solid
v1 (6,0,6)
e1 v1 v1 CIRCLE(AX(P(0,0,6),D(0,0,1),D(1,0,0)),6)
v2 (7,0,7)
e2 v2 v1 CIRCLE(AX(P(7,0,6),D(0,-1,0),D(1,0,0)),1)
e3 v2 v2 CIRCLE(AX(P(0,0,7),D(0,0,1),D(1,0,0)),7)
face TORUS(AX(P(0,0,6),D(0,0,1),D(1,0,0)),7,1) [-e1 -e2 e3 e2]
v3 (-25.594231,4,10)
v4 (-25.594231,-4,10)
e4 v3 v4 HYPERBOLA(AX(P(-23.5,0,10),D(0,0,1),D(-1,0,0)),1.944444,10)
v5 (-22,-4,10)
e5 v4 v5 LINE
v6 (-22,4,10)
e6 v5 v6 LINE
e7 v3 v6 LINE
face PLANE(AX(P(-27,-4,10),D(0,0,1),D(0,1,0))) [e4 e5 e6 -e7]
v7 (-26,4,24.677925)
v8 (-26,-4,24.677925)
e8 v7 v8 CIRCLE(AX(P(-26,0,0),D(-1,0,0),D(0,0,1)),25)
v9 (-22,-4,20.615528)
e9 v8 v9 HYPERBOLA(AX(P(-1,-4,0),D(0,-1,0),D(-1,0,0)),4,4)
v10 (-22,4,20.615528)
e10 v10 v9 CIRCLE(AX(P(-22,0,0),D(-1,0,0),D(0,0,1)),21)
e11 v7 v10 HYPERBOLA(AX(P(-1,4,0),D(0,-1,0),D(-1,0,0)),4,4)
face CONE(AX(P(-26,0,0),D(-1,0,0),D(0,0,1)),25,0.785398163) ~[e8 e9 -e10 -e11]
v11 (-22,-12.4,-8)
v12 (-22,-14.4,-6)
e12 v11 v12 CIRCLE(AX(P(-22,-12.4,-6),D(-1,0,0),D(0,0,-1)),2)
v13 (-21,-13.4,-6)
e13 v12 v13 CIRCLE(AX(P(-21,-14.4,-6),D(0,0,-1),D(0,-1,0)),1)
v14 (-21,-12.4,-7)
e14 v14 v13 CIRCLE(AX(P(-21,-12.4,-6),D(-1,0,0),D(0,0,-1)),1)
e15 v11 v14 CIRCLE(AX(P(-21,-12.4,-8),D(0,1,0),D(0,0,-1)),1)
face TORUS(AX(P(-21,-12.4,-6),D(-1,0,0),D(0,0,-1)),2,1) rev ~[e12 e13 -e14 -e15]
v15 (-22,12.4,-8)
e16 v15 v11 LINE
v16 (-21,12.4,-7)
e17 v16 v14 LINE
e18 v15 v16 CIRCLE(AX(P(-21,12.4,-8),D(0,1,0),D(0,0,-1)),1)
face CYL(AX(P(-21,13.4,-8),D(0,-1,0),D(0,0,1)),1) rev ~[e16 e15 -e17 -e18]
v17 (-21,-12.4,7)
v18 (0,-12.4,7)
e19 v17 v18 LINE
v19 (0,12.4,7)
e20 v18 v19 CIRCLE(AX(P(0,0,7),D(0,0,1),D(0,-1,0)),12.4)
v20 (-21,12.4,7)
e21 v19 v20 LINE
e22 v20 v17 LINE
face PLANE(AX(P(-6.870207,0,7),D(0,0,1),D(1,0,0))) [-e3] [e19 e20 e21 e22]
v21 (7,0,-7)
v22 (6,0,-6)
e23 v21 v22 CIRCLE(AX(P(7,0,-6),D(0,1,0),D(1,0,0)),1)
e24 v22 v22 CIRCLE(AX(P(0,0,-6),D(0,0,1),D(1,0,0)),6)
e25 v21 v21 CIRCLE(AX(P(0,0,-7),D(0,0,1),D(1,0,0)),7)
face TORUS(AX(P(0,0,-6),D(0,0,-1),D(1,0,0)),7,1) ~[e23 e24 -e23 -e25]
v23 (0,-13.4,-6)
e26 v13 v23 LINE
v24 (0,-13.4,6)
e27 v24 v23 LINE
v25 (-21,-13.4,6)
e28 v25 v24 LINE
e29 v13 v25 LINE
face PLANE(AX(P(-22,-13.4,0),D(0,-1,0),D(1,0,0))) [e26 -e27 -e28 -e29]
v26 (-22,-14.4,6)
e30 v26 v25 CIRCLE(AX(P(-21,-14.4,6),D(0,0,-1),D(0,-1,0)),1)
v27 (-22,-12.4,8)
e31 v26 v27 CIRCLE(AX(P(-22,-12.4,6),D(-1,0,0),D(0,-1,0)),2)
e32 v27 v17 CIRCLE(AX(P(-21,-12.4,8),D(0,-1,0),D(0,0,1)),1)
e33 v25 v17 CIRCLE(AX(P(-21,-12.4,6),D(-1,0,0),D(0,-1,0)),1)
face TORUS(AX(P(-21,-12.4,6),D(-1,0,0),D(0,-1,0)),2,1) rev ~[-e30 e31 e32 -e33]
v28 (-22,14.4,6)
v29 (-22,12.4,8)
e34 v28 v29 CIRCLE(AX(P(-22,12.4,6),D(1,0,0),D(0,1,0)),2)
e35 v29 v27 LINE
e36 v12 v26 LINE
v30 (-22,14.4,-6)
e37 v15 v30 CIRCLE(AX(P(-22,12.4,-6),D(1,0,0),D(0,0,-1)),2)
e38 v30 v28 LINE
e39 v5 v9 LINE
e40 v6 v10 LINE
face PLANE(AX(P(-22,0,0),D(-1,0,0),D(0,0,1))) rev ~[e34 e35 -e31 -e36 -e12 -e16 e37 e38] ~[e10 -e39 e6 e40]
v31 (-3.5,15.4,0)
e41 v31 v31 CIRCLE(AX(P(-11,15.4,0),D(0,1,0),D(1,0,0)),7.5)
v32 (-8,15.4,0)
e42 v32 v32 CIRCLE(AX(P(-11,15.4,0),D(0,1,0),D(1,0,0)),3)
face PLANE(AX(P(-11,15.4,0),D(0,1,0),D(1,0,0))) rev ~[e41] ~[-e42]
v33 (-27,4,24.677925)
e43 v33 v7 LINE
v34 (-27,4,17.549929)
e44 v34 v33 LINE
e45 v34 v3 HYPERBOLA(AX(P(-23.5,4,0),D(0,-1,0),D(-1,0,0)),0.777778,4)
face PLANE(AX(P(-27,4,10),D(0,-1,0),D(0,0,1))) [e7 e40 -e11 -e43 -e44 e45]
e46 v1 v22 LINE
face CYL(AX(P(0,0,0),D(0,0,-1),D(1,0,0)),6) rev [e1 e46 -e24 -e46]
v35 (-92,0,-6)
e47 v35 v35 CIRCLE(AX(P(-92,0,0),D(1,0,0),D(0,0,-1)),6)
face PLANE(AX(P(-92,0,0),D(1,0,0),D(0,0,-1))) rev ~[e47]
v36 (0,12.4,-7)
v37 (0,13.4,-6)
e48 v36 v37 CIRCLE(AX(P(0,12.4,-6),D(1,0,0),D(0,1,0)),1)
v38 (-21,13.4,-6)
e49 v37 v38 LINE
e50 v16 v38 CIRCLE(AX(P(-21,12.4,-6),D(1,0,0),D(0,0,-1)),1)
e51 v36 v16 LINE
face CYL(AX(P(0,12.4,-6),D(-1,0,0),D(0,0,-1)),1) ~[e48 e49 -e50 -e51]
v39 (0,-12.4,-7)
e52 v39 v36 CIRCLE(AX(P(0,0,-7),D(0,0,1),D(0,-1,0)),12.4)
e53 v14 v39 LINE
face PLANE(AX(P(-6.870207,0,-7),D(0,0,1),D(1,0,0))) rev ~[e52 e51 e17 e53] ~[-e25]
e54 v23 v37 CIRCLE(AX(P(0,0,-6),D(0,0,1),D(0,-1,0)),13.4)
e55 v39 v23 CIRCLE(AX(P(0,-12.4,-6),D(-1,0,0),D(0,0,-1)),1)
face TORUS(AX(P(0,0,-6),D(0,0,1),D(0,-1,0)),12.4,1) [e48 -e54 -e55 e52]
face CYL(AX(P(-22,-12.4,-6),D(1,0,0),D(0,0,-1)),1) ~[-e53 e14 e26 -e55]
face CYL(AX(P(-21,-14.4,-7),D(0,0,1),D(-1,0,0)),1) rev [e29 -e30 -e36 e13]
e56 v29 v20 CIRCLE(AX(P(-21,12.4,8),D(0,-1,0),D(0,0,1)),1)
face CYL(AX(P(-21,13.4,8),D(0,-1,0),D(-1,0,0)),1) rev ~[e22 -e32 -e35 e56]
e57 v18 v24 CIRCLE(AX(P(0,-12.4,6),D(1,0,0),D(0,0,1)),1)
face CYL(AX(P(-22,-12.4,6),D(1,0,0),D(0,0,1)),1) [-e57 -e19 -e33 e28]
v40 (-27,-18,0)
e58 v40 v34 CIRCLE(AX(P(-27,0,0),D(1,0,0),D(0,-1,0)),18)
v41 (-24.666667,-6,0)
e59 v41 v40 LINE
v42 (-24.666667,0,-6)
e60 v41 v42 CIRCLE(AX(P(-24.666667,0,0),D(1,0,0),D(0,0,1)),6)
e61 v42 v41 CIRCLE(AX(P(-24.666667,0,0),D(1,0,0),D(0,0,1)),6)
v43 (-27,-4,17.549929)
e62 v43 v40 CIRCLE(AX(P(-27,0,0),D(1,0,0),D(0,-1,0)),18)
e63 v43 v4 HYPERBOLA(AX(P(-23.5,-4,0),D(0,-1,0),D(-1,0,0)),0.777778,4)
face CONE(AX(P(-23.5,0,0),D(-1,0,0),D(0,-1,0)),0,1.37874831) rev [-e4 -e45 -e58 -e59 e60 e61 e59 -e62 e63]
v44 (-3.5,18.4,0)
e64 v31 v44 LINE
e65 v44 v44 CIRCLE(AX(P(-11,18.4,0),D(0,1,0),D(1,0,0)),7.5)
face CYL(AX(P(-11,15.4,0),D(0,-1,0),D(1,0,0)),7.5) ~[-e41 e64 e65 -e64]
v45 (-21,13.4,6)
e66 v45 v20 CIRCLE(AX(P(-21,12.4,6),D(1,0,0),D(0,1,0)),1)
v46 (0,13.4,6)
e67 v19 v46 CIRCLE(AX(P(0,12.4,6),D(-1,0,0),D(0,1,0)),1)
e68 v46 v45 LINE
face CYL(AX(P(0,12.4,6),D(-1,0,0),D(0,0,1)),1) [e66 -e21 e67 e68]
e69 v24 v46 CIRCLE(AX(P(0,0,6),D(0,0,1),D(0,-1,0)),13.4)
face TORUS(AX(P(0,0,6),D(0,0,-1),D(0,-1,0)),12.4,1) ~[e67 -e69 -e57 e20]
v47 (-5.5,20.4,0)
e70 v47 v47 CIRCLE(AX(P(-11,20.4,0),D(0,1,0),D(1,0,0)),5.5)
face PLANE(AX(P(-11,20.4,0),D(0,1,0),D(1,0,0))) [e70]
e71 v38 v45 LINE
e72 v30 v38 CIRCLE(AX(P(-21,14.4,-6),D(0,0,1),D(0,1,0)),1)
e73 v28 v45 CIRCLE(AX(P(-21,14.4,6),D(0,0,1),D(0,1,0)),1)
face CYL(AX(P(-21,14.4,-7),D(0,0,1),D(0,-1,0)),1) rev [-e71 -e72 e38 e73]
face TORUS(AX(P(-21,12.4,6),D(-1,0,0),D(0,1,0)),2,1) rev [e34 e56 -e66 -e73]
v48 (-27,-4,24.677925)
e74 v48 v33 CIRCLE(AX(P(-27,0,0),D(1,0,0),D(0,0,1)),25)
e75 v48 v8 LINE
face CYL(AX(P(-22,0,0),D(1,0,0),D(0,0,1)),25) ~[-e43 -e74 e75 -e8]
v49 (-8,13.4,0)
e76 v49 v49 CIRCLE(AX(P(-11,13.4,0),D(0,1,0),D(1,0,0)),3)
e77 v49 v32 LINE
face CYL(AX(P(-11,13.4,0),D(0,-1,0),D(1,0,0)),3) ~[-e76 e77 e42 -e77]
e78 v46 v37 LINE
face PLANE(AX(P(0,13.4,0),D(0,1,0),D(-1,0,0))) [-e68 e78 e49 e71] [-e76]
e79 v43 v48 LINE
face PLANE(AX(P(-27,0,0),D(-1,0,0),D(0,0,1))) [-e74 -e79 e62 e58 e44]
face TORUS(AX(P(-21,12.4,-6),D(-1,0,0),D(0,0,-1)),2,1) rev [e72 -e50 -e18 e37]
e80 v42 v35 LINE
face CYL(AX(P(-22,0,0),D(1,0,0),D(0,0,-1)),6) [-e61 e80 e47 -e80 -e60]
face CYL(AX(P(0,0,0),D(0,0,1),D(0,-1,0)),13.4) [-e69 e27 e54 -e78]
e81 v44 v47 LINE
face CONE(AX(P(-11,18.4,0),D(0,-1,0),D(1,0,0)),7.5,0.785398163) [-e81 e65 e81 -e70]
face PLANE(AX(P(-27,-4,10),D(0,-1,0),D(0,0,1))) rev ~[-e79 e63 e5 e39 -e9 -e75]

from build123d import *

# Parameters (mm, degrees)
SKETCH1_R               = 6
BOSS_EXTRUDE3_DEPTH     = 7
SKETCH6_R               = 25
BOSS_EXTRUDE4_DEPTH     = 5
CHAMFER1_SIZE           = 4
SKETCH8_R               = 6
BOSS_EXTRUDE5_DEPTH     = 70
SKETCH9_R               = 3
BOSS_EXTRUDE6_DEPTH     = 2
SKETCH10_R              = 7.5
BOSS_EXTRUDE7_DEPTH     = 5
CHAMFER2_SIZE           = 2
SKETCH13_W              = 30
SKETCH13_H              = 8
CUT_EXTRUDE1_DEPTH      = 66
CUT_EXTRUDE1_DEPTH_BACK = 41.4
FILLET1_R               = 1


with BuildPart() as part:
    # Sketch1 → Boss-Extrude3 (new body, symmetric)
    with BuildSketch(Plane.XY):
        with BuildLine():
            Line((0, 13.4), (-22, 13.4))
            Line((-22, 13.4), (-22, -13.4))
            Line((-22, -13.4), (0, -13.4))
            ThreePointArc((0, -13.4), (13.4, 0), (0, 13.4))
        make_face()
        Circle(SKETCH1_R, mode=Mode.SUBTRACT)
    extrude(amount=BOSS_EXTRUDE3_DEPTH, both=True)

    # Sketch6 → Boss-Extrude4 (add)
    with BuildSketch(Plane.ZY.offset(22)):
        Circle(SKETCH6_R)
    extrude(amount=BOSS_EXTRUDE4_DEPTH)

    # Sketch7 → Cut-Revolve2 (revolve, cut)
    with BuildSketch(Plane.XY):
        Polygon((-27, 0), (-23.5, 0), (-27, -18), align=None)
    revolve(axis=Axis((-27, 0, 0), (1, 0, 0)), mode=Mode.SUBTRACT)

    # Chamfer1
    chamfer1_edges = [part.edges().sort_by_distance(p)[0] for p in [
        (-22, 0, -25),
    ]]
    chamfer(chamfer1_edges, length=CHAMFER1_SIZE)

    # Sketch8 → Boss-Extrude5 (add)
    with BuildSketch(Plane(origin=(-22, 0, 0), x_dir=(0, 0, -1), z_dir=(1, 0, 0))):
        Circle(SKETCH8_R)
    extrude(amount=-BOSS_EXTRUDE5_DEPTH)

    # Sketch9 → Boss-Extrude6 (add)
    with BuildSketch(Plane(origin=(0, 13.4, 0), x_dir=(1, 0, 0), z_dir=(0, 1, 0))):
        with Locations((-11, 0)):
            Circle(SKETCH9_R)
    extrude(amount=BOSS_EXTRUDE6_DEPTH)

    # Sketch10 → Boss-Extrude7 (add)
    with BuildSketch(Plane(origin=(0, 15.4, 0), x_dir=(1, 0, 0), z_dir=(0, 1, 0))):
        with Locations((-11, 0)):
            Circle(SKETCH10_R)
    extrude(amount=BOSS_EXTRUDE7_DEPTH)

    # Chamfer2
    chamfer2_edges = [part.edges().sort_by_distance(p)[0] for p in [
        (-18.5, 20.4, 0),
    ]]
    chamfer(chamfer2_edges, length=CHAMFER2_SIZE)

    # Sketch13 → Cut-Extrude1 (cut, two sides)
    with BuildSketch(Plane.ZY.offset(27)) as cut_extrude1_sk:
        with Locations((25, 0)):
            Rectangle(SKETCH13_W, SKETCH13_H)
    extrude(amount=CUT_EXTRUDE1_DEPTH, mode=Mode.SUBTRACT)
    extrude(cut_extrude1_sk.sketch, amount=-CUT_EXTRUDE1_DEPTH_BACK, mode=Mode.SUBTRACT)

    # Fillet1
    fillet1_edges = [part.edges().sort_by_distance(p)[0] for p in [
        (-6, 0, -7),
        (-6, 0, 7),
        (-22, 0, 7),
        (-11, -13.4, 7),
        (13.4, 0, 7),
        (-11, -13.4, -7),
        (-22, 0, -7),
        (-11, 13.4, -7),
        (13.4, 0, -7),
        (-22, -13.4, 0),
        (-22, 13.4, 0),
        (-11, 13.4, 7),
    ]]
    fillet(fillet1_edges, radius=FILLET1_R)


solid = part.part
